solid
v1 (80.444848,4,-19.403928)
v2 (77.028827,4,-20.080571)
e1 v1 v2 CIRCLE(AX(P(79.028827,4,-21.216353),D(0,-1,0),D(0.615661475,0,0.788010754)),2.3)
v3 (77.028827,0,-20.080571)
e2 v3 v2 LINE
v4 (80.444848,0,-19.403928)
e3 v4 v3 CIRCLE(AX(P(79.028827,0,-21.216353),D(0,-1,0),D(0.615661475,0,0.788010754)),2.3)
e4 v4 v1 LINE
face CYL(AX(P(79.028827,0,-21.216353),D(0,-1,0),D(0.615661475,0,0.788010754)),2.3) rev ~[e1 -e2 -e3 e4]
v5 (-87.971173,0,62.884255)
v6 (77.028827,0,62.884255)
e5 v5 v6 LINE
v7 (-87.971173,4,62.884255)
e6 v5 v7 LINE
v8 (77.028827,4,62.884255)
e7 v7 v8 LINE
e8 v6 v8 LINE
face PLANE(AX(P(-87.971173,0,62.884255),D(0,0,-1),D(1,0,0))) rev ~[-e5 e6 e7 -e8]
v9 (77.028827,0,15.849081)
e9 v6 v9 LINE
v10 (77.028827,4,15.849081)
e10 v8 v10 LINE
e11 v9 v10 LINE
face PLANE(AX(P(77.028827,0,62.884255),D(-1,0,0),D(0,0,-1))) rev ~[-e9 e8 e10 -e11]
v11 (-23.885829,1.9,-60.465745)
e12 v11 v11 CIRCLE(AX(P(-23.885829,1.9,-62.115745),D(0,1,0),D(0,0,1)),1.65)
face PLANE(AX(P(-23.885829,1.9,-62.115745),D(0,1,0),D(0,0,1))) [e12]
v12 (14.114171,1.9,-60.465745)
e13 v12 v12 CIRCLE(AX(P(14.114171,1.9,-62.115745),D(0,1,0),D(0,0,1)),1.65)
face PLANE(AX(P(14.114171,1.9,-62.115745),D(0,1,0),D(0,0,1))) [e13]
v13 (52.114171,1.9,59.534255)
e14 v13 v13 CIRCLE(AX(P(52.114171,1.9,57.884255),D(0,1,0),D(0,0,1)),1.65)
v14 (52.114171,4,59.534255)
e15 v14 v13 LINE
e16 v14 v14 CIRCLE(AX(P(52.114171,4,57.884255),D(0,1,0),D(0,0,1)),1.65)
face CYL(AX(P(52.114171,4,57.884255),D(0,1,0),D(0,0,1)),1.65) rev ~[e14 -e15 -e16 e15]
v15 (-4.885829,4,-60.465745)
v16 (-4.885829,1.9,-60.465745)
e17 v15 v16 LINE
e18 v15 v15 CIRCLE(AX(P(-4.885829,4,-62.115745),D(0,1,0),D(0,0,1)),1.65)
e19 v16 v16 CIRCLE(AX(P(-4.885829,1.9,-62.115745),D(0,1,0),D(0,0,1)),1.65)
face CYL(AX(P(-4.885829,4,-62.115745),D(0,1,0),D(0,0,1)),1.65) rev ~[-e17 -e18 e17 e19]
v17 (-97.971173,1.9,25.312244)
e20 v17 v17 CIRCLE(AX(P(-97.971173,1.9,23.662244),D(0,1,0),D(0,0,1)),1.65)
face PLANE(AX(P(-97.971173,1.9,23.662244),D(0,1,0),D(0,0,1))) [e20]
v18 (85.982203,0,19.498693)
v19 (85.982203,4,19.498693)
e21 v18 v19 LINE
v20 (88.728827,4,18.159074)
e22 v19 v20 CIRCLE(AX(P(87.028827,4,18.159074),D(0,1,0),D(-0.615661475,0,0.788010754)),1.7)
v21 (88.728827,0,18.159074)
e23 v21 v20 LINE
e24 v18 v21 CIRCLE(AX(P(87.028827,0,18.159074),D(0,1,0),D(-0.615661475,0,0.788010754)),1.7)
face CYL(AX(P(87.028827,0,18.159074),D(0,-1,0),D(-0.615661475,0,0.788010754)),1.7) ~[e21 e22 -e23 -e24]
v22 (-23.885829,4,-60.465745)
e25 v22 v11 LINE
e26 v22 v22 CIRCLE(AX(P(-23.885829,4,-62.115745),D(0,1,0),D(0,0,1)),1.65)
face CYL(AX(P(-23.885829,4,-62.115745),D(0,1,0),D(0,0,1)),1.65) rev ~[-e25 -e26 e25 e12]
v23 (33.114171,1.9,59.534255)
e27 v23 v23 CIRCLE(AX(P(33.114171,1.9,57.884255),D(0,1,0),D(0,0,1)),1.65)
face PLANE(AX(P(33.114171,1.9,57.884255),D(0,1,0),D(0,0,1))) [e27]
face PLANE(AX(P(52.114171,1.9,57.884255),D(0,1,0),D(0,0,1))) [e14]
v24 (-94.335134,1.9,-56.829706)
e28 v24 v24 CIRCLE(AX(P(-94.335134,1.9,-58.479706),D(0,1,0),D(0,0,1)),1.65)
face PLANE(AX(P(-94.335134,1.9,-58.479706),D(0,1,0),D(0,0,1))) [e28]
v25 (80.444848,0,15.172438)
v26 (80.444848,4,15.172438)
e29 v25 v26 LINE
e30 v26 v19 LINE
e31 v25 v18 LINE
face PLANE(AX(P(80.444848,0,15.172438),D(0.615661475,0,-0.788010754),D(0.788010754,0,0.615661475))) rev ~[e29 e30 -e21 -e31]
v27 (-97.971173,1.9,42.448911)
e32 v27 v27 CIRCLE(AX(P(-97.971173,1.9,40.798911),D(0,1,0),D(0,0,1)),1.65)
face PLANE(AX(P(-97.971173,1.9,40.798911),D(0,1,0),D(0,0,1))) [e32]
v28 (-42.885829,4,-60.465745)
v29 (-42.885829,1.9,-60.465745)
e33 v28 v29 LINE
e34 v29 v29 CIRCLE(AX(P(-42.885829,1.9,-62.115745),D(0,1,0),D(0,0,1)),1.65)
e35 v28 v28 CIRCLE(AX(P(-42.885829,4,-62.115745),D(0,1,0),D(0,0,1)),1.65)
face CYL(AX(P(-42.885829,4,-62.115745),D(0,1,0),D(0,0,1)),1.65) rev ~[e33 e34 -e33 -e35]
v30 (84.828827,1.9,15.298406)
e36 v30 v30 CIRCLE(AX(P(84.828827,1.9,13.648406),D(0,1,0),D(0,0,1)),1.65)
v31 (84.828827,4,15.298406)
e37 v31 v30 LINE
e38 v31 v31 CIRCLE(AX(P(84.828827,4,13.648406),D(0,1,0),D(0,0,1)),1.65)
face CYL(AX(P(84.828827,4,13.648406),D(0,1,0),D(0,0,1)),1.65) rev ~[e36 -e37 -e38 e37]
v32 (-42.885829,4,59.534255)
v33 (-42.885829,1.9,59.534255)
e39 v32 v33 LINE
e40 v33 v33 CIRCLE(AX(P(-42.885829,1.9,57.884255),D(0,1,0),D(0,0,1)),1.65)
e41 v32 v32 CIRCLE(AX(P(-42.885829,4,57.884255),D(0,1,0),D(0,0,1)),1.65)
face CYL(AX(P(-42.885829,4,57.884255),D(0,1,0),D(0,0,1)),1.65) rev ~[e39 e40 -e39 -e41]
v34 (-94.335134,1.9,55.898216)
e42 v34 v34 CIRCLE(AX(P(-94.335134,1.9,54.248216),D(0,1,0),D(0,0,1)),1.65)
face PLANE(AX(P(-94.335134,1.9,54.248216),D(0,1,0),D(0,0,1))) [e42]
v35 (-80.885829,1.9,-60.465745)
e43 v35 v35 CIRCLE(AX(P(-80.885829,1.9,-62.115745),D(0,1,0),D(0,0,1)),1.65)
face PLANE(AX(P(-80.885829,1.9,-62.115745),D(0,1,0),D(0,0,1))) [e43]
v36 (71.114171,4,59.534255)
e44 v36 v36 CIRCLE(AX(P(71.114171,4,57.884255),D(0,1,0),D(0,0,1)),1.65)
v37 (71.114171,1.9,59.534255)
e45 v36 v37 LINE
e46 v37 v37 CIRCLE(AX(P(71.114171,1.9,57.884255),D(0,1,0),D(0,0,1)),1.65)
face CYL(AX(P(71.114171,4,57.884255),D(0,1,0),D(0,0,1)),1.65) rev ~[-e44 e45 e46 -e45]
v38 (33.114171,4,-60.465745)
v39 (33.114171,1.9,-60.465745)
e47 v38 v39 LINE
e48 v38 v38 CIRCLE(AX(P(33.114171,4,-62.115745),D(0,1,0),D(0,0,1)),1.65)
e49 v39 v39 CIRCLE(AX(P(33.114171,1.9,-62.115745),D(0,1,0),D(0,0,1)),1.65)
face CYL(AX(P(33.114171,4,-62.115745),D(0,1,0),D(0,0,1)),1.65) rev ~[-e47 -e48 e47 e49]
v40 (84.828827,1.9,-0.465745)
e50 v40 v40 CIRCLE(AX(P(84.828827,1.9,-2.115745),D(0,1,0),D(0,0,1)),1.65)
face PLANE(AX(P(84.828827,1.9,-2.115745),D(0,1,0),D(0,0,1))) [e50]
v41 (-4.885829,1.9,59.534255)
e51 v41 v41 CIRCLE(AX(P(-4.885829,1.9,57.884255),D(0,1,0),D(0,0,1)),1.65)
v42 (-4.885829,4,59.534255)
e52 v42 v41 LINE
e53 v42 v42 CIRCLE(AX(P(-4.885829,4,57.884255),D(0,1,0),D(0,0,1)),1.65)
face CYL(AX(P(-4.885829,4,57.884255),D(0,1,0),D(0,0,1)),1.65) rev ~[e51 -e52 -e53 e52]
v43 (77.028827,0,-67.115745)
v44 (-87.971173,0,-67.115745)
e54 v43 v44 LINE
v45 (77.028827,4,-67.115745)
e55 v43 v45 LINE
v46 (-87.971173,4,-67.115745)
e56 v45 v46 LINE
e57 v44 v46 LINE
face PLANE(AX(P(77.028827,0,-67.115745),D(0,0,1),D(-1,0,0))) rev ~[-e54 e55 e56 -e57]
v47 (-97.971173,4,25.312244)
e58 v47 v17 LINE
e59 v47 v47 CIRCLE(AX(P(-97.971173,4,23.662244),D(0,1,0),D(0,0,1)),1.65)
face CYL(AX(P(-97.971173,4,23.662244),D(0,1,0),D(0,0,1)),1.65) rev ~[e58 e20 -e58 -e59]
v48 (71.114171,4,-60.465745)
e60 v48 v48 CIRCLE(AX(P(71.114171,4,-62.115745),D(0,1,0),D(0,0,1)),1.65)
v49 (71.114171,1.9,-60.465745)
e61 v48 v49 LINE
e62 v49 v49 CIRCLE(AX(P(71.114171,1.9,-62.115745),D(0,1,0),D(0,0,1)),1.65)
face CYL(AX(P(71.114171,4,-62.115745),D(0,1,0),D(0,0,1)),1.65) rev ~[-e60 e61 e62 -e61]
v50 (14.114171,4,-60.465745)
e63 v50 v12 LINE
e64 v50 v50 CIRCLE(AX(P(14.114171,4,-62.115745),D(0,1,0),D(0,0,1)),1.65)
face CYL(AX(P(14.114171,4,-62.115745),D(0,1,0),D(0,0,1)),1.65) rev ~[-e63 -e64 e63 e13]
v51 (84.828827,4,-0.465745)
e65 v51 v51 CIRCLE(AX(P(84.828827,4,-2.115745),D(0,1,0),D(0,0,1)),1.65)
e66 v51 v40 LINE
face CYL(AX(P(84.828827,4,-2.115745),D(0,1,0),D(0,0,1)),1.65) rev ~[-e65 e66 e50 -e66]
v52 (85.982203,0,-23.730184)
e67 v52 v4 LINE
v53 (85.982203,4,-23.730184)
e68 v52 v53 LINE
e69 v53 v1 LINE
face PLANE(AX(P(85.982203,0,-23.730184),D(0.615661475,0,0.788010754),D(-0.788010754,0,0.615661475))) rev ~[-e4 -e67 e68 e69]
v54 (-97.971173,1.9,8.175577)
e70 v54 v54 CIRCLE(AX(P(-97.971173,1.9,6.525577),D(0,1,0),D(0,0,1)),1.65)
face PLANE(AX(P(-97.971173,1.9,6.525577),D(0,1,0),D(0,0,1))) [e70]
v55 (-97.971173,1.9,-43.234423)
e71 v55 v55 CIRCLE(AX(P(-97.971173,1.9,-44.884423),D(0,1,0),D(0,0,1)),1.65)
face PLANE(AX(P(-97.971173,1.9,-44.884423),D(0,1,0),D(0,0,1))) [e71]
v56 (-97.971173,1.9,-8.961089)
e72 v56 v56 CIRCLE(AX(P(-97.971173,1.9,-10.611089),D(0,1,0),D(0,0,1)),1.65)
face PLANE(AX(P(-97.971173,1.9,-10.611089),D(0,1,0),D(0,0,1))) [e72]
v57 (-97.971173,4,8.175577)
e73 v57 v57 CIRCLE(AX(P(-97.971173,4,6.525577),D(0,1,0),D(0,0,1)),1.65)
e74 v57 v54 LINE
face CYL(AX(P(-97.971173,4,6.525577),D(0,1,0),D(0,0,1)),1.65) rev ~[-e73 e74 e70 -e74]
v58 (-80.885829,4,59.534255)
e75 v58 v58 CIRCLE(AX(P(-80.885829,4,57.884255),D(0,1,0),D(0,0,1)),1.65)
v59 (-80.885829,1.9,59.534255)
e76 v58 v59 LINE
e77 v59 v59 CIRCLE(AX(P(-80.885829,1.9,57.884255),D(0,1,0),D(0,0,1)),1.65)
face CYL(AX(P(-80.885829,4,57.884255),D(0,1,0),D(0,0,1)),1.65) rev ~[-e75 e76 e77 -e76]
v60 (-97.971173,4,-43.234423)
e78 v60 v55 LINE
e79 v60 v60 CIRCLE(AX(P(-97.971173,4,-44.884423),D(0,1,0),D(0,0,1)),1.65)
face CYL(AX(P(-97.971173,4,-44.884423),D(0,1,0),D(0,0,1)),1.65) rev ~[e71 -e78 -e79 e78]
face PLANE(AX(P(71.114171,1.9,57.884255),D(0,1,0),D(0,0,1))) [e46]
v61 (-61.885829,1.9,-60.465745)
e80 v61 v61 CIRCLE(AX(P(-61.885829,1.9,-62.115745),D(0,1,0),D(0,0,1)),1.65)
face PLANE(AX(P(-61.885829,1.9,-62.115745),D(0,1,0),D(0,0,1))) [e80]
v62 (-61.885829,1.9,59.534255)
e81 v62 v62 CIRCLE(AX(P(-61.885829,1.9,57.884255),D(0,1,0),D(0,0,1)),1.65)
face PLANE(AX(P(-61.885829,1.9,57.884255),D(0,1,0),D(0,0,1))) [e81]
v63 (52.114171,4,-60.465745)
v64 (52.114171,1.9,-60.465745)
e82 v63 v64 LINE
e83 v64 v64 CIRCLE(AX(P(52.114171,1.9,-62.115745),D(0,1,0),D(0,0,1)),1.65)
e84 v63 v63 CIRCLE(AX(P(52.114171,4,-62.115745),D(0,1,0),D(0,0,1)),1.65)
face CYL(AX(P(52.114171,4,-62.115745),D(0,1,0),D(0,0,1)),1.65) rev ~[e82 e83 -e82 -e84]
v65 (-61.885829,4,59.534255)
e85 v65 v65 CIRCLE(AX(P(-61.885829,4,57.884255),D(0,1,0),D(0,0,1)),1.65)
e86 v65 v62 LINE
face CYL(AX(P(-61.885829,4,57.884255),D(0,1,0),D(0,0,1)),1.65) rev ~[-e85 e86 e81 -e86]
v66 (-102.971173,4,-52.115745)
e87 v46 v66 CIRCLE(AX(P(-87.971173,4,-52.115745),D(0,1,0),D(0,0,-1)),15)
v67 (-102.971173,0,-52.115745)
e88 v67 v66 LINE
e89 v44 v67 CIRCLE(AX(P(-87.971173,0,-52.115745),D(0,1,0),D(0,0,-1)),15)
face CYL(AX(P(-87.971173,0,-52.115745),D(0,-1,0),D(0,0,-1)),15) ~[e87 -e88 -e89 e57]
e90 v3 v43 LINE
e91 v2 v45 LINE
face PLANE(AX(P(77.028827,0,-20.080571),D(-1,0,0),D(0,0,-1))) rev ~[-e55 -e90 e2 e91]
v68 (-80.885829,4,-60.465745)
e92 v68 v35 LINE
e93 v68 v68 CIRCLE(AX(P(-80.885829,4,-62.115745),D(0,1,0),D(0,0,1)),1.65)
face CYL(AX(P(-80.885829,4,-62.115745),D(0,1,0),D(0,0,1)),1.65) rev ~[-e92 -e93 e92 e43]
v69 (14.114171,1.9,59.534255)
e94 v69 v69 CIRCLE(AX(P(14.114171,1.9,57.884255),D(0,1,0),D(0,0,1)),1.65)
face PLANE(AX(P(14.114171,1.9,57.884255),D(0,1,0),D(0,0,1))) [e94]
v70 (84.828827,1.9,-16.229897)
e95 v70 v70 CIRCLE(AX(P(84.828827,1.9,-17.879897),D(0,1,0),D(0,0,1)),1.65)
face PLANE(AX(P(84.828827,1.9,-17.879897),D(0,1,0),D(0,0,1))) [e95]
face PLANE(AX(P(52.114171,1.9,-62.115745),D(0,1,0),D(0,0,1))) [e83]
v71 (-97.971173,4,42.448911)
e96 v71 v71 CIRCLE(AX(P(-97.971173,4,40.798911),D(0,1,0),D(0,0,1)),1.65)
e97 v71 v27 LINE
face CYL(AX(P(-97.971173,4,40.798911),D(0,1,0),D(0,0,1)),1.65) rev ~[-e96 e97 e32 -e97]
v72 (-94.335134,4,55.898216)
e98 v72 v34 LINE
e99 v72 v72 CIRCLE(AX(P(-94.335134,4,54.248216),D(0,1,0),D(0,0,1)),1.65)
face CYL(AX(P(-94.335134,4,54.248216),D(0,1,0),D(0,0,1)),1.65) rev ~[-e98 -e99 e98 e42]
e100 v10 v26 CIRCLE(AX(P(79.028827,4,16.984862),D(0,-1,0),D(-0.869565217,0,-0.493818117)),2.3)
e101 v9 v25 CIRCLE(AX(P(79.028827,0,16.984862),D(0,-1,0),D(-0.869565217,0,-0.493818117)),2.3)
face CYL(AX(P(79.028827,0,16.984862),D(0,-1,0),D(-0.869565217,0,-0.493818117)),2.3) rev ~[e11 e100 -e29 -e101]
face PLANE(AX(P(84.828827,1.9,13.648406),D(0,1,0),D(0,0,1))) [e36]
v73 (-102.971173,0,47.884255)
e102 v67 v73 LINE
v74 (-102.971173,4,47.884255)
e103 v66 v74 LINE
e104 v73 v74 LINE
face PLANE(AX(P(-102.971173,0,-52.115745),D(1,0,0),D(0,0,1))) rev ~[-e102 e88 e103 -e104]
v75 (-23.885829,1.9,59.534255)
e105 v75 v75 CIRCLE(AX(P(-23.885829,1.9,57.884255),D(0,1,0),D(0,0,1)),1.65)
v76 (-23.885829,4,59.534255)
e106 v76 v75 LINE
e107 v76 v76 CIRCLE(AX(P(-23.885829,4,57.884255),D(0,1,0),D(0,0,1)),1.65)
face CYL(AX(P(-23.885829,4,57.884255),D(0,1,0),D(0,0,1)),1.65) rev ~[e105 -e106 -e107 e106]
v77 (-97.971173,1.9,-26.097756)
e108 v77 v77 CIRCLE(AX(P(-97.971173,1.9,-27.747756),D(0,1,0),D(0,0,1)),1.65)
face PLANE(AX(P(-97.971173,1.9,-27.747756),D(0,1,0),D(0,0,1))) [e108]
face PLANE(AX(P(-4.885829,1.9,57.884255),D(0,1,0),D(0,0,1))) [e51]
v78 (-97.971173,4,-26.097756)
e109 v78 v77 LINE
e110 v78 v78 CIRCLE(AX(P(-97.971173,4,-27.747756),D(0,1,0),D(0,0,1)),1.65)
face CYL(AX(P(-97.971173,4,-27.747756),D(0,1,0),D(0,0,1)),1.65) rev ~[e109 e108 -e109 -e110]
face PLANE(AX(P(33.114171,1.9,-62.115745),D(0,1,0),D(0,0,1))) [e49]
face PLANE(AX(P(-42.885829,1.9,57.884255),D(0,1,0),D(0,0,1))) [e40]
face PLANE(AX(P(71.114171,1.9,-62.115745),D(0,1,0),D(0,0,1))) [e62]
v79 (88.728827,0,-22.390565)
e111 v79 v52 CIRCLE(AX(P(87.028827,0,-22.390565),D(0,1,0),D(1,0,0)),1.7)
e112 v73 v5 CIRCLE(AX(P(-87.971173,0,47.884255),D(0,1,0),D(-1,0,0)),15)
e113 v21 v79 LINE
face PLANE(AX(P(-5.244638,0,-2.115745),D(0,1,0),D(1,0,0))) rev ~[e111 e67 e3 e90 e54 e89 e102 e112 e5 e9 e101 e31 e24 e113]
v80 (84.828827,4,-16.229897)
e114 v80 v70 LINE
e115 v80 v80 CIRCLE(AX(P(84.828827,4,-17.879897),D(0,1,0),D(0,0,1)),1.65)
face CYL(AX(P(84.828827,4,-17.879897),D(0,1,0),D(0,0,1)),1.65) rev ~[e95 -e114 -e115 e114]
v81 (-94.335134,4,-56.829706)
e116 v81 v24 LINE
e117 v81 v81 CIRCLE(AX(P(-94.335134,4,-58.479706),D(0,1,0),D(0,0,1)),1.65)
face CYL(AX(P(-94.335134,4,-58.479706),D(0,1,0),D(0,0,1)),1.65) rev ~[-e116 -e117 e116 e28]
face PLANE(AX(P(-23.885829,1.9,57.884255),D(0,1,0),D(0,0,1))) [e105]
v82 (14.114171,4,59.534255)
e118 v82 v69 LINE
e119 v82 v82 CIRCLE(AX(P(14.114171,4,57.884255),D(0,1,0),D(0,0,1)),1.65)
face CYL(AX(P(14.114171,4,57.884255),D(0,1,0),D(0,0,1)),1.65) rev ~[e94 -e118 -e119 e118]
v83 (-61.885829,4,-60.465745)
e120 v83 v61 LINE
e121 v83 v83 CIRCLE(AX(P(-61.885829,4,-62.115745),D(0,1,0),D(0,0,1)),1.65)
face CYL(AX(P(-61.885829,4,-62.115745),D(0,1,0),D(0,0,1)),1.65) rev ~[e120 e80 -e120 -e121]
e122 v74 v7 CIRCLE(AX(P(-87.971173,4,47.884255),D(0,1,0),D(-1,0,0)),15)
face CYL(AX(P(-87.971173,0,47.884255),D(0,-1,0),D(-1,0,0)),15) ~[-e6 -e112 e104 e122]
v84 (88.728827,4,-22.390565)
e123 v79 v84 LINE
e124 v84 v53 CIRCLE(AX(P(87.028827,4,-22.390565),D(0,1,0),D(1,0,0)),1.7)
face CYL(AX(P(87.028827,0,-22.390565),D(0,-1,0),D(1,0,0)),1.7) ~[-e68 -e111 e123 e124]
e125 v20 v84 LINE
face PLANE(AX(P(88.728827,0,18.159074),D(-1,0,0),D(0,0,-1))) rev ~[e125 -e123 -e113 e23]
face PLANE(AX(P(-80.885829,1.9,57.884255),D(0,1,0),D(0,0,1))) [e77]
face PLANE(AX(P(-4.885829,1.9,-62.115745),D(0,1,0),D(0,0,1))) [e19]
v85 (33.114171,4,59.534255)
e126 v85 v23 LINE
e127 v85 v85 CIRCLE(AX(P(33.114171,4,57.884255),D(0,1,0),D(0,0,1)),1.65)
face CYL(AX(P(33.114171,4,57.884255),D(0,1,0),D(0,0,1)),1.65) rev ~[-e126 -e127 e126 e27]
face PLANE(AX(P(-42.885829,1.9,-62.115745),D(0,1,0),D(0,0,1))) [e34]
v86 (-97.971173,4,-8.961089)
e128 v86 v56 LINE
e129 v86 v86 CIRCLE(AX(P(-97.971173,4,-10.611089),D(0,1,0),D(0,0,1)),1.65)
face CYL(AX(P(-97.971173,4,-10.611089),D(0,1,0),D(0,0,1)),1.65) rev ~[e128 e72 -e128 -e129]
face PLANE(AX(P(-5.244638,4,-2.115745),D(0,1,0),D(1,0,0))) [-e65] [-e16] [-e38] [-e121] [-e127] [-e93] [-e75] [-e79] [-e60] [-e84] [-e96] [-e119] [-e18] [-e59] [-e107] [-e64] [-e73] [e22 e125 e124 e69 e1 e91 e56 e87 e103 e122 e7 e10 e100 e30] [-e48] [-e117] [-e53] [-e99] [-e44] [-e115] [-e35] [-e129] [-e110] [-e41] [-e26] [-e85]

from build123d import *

# Parameters (mm, degrees)
EXTRUDE_1_DEPTH     = 4
SKETCH_5_R          = 1.65
CUT_EXTRUDE_1_DEPTH = 2.1


with BuildPart() as part:
    # 草图1 → 凸台-拉伸1 (new body)
    with BuildSketch(Plane(origin=(0, 0, 0), x_dir=(1, 0, 0), z_dir=(0, 1, 0))):
        with BuildLine():
            Line((85.982202548, 23.730183562), (80.444848449, 19.403928396))
            ThreePointArc((80.444848449, 19.403928396), (78.581927501, 18.960188067), (77.028827056, 20.08057146))
            Line((77.028827056, 20.08057146), (77.028827056, 67.115745446))
            Line((77.028827056, 67.115745446), (-87.971172944, 67.115745446))
            ThreePointArc((-87.971172944, 67.115745446), (-98.577774662, 62.722347164), (-102.971172944, 52.115745446))
            Line((-102.971172944, 52.115745446), (-102.971172944, -47.884254554))
            ThreePointArc((-102.971172944, -47.884254554), (-98.577774662, -58.490856271), (-87.971172944, -62.884254554))
            Line((-87.971172944, -62.884254554), (77.028827056, -62.884254554))
            Line((77.028827056, -62.884254554), (77.028827056, -15.849080568))
            ThreePointArc((77.028827056, -15.849080568), (78.581927501, -14.728697175), (80.444848449, -15.172437504))
            Line((80.444848449, -15.172437504), (85.982202548, -19.49869267))
            ThreePointArc((85.982202548, -19.49869267), (87.774058006, -19.687024267), (88.728827056, -18.159074389))
            Line((88.728827056, -18.159074389), (88.728827056, 22.390565281))
            ThreePointArc((88.728827056, 22.390565281), (87.774058006, 23.91851516), (85.982202548, 23.730183562))
        make_face()
    extrude(amount=EXTRUDE_1_DEPTH)

    # 草图5 → 切除-拉伸1 (cut)
    with BuildSketch(Plane(origin=(0, 4, 0), x_dir=(1, 0, 0), z_dir=(0, 1, 0))):
        with Locations((84.828827056, -13.648405937)):
            Circle(SKETCH_5_R)
        with Locations((84.828827056, 2.115745446)):
            Circle(SKETCH_5_R)
        with Locations((84.828827056, 17.87989683)):
            Circle(SKETCH_5_R)
        with Locations((71.11417076, 62.115745446)):
            Circle(SKETCH_5_R)
        with Locations((52.11417076, 62.115745446)):
            Circle(SKETCH_5_R)
        with Locations((33.11417076, 62.115745446)):
            Circle(SKETCH_5_R)
        with Locations((14.11417076, 62.115745446)):
            Circle(SKETCH_5_R)
        with Locations((-4.88582924, 62.115745446)):
            Circle(SKETCH_5_R)
        with Locations((-23.88582924, 62.115745446)):
            Circle(SKETCH_5_R)
        with Locations((-42.88582924, 62.115745446)):
            Circle(SKETCH_5_R)
        with Locations((-61.88582924, 62.115745446)):
            Circle(SKETCH_5_R)
        with Locations((-80.88582924, 62.115745446)):
            Circle(SKETCH_5_R)
        with Locations((-94.335133975, 58.479706477)):
            Circle(SKETCH_5_R)
        with Locations((-97.971172944, 44.88442265)):
            Circle(SKETCH_5_R)
        with Locations((-97.971172944, 27.74775595)):
            Circle(SKETCH_5_R)
        with Locations((-97.971172944, 10.61108925)):
            Circle(SKETCH_5_R)
        with Locations((-97.971172944, -6.52557745)):
            Circle(SKETCH_5_R)
        with Locations((-97.971172944, -23.66224415)):
            Circle(SKETCH_5_R)
        with Locations((-97.971172944, -40.79891085)):
            Circle(SKETCH_5_R)
        with Locations((-94.335133975, -54.248215584)):
            Circle(SKETCH_5_R)
        with Locations((-80.88582924, -57.884254554)):
            Circle(SKETCH_5_R)
        with Locations((-61.88582924, -57.884254554)):
            Circle(SKETCH_5_R)
        with Locations((-42.88582924, -57.884254554)):
            Circle(SKETCH_5_R)
        with Locations((-23.88582924, -57.884254554)):
            Circle(SKETCH_5_R)
        with Locations((-4.88582924, -57.884254554)):
            Circle(SKETCH_5_R)
        with Locations((14.11417076, -57.884254554)):
            Circle(SKETCH_5_R)
        with Locations((33.11417076, -57.884254554)):
            Circle(SKETCH_5_R)
        with Locations((52.11417076, -57.884254554)):
            Circle(SKETCH_5_R)
        with Locations((71.11417076, -57.884254554)):
            Circle(SKETCH_5_R)
    extrude(amount=-CUT_EXTRUDE_1_DEPTH, mode=Mode.SUBTRACT)


solid = part.part
